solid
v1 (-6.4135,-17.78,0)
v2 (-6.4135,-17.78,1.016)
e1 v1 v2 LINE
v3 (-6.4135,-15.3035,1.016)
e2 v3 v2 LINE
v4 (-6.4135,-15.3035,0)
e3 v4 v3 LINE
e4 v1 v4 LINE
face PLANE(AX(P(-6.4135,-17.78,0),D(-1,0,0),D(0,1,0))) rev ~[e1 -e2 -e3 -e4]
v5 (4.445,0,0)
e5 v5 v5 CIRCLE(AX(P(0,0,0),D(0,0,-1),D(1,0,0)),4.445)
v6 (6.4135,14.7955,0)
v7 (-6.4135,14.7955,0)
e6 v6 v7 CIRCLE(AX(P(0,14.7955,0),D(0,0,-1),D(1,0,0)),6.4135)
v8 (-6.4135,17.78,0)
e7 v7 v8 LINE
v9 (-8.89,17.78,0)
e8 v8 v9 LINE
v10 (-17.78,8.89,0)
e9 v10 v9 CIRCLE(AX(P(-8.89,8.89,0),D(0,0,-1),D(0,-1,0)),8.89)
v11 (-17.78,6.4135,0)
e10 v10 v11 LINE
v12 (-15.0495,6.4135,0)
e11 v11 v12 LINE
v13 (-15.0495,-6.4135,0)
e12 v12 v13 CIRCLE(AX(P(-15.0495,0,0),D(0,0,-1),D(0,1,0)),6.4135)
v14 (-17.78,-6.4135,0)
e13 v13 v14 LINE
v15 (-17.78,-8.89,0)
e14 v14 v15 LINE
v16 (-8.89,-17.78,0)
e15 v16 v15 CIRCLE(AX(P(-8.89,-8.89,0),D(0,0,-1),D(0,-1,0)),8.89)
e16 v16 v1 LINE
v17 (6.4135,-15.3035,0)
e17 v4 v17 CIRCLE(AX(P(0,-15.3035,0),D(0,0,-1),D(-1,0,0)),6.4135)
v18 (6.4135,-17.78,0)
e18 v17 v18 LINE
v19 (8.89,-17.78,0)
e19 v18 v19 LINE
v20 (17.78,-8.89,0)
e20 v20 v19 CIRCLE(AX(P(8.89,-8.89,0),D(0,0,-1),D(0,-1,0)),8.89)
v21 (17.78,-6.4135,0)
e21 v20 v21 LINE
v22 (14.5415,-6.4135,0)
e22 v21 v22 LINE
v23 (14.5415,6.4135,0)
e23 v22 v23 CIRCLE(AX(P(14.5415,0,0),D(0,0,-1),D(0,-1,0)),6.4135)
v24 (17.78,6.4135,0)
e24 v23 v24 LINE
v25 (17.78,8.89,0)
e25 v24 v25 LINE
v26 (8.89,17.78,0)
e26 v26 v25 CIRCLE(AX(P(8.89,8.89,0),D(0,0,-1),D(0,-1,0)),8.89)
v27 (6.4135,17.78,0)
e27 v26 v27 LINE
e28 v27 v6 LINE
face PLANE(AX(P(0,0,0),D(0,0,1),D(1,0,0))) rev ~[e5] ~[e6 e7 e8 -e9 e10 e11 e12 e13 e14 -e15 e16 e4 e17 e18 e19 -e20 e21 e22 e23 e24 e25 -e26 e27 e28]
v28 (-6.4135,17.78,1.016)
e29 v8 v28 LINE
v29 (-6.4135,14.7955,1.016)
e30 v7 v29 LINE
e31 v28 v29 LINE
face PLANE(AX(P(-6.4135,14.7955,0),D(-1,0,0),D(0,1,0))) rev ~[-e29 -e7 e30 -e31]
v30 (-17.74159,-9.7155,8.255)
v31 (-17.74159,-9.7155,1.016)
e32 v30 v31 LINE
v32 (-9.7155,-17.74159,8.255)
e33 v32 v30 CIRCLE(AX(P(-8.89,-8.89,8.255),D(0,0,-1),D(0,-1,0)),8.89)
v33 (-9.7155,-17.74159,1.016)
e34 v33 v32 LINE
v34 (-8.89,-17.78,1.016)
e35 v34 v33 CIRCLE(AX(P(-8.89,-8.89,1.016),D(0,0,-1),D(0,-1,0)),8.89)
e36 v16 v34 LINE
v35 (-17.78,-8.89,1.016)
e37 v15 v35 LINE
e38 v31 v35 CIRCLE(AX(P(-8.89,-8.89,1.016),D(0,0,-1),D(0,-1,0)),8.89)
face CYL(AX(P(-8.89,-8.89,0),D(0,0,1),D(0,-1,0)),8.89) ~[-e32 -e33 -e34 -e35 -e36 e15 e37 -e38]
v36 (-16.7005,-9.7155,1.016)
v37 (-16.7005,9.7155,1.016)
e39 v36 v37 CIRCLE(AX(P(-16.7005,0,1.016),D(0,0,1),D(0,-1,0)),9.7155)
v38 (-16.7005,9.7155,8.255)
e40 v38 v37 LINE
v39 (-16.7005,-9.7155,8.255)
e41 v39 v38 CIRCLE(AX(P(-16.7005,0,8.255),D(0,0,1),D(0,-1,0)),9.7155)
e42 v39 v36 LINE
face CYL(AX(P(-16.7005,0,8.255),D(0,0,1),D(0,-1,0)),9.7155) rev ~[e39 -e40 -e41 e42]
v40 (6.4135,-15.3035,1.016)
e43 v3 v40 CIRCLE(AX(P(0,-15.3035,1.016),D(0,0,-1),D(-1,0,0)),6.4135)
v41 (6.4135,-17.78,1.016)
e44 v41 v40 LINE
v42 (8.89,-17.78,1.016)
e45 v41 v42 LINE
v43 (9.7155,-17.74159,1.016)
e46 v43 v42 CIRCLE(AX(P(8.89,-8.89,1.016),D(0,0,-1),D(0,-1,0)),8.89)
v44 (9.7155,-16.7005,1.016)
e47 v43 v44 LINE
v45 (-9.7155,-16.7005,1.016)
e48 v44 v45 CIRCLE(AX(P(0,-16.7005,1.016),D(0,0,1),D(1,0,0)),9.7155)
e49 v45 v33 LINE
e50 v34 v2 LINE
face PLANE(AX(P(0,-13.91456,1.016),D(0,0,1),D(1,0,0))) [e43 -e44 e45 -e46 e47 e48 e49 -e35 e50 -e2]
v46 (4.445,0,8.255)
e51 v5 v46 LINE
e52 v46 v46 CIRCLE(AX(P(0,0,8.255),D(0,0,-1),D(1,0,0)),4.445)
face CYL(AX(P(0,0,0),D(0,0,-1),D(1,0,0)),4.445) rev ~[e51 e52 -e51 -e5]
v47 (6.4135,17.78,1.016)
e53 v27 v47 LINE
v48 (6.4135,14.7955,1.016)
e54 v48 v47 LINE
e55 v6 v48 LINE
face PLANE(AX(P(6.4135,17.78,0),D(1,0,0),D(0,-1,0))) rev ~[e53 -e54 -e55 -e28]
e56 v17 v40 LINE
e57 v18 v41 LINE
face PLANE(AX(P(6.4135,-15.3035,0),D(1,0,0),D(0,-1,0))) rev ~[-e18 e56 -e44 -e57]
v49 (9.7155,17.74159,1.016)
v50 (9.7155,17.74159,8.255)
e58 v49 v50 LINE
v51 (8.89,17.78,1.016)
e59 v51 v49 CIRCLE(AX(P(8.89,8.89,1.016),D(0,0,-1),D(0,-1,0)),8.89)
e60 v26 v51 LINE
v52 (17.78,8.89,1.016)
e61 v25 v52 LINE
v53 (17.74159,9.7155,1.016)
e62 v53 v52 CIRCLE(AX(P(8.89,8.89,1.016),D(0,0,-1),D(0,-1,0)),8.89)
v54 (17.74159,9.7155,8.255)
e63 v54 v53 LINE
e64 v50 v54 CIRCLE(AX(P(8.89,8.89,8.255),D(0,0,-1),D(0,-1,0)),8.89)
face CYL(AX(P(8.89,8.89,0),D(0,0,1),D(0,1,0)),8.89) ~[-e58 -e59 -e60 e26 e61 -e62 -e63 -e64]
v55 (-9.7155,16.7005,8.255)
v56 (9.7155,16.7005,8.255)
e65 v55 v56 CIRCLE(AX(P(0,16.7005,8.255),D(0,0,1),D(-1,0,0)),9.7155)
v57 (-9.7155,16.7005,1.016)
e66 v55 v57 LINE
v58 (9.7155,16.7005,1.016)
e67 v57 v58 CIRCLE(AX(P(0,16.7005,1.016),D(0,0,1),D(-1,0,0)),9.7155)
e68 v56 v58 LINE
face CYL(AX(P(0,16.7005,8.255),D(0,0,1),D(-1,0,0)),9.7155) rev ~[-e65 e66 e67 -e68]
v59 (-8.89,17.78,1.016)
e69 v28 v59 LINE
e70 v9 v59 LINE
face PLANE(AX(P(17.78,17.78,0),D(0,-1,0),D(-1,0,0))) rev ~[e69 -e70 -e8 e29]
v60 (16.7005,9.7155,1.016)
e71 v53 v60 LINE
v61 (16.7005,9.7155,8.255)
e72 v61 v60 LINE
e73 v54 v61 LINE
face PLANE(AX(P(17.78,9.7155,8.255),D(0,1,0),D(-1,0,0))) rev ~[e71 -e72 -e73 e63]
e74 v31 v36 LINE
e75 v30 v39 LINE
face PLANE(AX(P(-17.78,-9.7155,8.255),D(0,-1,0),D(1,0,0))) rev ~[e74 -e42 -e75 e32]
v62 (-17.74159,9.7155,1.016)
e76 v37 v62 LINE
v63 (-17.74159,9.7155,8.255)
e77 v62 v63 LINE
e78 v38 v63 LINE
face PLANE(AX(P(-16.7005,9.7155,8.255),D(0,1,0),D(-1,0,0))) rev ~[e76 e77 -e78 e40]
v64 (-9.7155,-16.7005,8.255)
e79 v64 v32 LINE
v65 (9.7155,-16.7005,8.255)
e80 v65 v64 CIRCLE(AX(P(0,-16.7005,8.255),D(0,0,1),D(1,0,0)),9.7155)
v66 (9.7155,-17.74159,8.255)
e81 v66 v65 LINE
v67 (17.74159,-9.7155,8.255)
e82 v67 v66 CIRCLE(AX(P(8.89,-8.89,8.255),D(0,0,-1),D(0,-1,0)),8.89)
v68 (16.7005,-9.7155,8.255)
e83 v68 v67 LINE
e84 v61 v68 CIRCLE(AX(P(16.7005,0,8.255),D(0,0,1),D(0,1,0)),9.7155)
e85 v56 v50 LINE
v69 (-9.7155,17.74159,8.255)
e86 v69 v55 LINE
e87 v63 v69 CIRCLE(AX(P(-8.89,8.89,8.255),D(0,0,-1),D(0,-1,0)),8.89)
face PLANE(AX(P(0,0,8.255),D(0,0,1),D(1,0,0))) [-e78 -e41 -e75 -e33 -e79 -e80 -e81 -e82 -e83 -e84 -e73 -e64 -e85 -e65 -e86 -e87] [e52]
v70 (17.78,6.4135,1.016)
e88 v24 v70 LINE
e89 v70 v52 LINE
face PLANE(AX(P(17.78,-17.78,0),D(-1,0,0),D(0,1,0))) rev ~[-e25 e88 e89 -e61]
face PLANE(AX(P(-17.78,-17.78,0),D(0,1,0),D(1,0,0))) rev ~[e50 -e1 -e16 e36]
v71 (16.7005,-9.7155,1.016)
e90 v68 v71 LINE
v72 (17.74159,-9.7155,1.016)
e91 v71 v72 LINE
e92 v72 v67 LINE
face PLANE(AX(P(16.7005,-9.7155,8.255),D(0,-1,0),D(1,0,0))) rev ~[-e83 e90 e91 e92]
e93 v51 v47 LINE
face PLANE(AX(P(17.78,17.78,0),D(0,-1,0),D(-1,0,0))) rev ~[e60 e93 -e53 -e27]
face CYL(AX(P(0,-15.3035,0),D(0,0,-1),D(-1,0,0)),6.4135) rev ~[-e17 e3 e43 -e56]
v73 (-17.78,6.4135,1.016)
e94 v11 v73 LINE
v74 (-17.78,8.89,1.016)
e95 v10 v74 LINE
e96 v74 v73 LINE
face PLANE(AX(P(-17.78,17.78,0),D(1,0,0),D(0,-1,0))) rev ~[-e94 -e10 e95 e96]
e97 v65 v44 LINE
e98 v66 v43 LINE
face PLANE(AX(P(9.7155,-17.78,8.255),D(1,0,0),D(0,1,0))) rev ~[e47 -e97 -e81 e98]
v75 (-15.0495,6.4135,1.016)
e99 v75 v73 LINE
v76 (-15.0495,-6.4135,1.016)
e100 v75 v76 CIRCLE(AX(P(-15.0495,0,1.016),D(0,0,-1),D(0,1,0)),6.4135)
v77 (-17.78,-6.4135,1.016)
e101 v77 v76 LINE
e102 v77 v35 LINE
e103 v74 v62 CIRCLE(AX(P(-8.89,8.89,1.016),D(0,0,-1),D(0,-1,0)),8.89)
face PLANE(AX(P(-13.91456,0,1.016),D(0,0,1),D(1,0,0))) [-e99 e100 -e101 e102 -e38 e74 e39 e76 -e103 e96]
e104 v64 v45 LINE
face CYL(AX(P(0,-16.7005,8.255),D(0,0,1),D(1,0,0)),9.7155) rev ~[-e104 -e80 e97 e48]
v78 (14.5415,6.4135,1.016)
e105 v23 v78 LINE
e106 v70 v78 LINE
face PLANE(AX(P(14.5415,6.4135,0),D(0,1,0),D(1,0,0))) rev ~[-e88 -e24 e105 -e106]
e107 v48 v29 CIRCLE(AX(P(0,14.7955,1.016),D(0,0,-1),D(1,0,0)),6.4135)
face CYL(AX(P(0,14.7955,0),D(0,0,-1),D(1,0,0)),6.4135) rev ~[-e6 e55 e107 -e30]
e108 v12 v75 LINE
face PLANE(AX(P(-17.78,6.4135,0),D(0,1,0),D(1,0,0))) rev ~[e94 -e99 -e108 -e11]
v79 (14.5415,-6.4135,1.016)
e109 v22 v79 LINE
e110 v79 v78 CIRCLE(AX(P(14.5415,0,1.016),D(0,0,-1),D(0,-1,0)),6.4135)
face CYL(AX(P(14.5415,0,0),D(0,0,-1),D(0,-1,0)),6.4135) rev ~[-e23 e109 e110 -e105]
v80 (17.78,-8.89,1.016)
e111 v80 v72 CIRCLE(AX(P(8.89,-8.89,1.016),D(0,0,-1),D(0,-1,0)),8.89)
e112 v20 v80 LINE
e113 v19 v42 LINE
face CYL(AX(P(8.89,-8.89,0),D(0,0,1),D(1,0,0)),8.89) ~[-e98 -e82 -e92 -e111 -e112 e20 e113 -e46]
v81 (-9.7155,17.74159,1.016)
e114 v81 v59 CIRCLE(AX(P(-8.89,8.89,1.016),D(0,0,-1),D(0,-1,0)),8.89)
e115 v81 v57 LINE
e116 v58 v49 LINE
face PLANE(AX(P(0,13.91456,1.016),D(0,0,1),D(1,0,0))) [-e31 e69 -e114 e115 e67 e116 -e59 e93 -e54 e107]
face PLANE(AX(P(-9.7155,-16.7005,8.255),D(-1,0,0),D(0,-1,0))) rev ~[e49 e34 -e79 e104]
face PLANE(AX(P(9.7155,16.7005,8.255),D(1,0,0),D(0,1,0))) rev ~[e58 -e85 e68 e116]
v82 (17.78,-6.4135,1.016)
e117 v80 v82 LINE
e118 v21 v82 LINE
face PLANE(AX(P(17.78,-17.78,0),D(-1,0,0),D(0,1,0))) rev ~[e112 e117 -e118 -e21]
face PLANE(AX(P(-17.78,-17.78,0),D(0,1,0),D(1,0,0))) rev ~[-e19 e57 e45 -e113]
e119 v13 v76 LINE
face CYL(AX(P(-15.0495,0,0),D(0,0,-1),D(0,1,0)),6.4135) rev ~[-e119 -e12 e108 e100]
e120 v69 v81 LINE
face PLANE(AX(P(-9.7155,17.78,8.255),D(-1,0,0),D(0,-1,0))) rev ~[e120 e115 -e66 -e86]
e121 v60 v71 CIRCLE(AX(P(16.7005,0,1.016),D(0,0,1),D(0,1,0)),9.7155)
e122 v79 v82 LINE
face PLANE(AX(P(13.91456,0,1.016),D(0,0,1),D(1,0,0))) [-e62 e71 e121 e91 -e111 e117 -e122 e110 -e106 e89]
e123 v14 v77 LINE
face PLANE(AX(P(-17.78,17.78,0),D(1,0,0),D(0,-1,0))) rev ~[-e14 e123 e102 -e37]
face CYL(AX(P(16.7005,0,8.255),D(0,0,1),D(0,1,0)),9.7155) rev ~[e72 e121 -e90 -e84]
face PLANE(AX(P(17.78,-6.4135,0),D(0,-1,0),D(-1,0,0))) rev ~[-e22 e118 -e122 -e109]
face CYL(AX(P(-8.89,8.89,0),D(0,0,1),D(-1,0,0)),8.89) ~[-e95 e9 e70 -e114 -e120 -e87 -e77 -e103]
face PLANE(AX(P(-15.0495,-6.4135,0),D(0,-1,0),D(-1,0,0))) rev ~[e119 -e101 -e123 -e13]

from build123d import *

# Parameters (mm, degrees)
F1_DEPTH = 8.255
F3_DEPTH = 7.239
F5_DEPTH = 25.4
F6_R     = 8.89
F7_R     = 4.445
F8_DEPTH = 25.4


with BuildPart() as f1:
    # F0 (on Top) → F1 (new body)
    with BuildSketch(Plane.XY):
        Polygon((8.144473, -17.78), (17.78, -17.78), (17.78, 17.78), (-17.78, 17.78), (-17.78, -17.78), (-8.144473, -17.78), align=None)
    extrude(amount=F1_DEPTH)

    # F2 (on face) → F3 (cut)
    with BuildSketch(Plane.XY.offset(8.255)):
        with BuildLine():
            Line((-9.7155, 17.78), (-9.7155, 16.7005))
            ThreePointArc((-9.7155, 16.7005), (0, 6.985), (9.7155, 16.7005))
            Line((9.7155, 16.7005), (9.7155, 17.78))
            Line((9.7155, 17.78), (-9.7155, 17.78))
        make_face()
        with BuildLine():
            Line((17.78, 9.7155), (16.7005, 9.7155))
            ThreePointArc((16.7005, 9.7155), (6.985, 0), (16.7005, -9.7155))
            Line((16.7005, -9.7155), (17.78, -9.7155))
            Line((17.78, -9.7155), (17.78, 9.7155))
        make_face()
        with BuildLine():
            Line((-17.78, -9.7155), (-16.7005, -9.7155))
            ThreePointArc((-16.7005, -9.7155), (-6.985, 0), (-16.7005, 9.7155))
            Line((-16.7005, 9.7155), (-17.78, 9.7155))
            Line((-17.78, 9.7155), (-17.78, -9.7155))
        make_face()
        with BuildLine():
            Line((9.7155, -17.78), (9.7155, -16.7005))
            ThreePointArc((9.7155, -16.7005), (0, -6.985), (-9.7155, -16.7005))
            Line((-9.7155, -16.7005), (-9.7155, -17.78))
            Line((-9.7155, -17.78), (9.7155, -17.78))
        make_face()
    extrude(amount=-F3_DEPTH, mode=Mode.SUBTRACT)

    # F4 (on face) → F5 (cut)
    with BuildSketch(Plane(origin=(0, 0, 0), x_dir=(1, 0, 0), z_dir=(0, 0, -1))):
        with BuildLine():
            Line((-6.4135, 17.78), (-6.4135, 15.3035))
            ThreePointArc((-6.4135, 15.3035), (0, 8.89), (6.4135, 15.3035))
            Line((6.4135, 15.3035), (6.4135, 17.78))
            Line((6.4135, 17.78), (-6.4135, 17.78))
        make_face()
        with BuildLine():
            Line((17.78, 6.4135), (14.5415, 6.4135))
            ThreePointArc((14.5415, 6.4135), (8.128, 0), (14.5415, -6.4135))
            Line((14.5415, -6.4135), (17.78, -6.4135))
            Line((17.78, -6.4135), (17.78, 6.4135))
        make_face()
        with BuildLine():
            Line((-17.78, -6.4135), (-15.0495, -6.4135))
            ThreePointArc((-15.0495, -6.4135), (-8.636, 0), (-15.0495, 6.4135))
            Line((-15.0495, 6.4135), (-17.78, 6.4135))
            Line((-17.78, 6.4135), (-17.78, -6.4135))
        make_face()
        with BuildLine():
            Line((6.4135, -17.78), (6.4135, -14.7955))
            ThreePointArc((6.4135, -14.7955), (0, -8.382), (-6.4135, -14.7955))
            Line((-6.4135, -14.7955), (-6.4135, -17.78))
            Line((-6.4135, -17.78), (6.4135, -17.78))
        make_face()
    extrude(amount=-F5_DEPTH, mode=Mode.SUBTRACT)

    # F6
    f6_edges = [f1.edges().sort_by_distance(p)[0] for p in [
        (-17.78, 17.78, 4.1275),
        (-17.78, -17.78, 4.1275),
        (17.78, -17.78, 4.1275),
        (17.78, 17.78, 4.1275),
    ]]
    fillet(f6_edges, radius=F6_R)

    # F7 (on face) → F8 (cut)
    with BuildSketch(Plane(origin=(0, 0, 0), x_dir=(1, 0, 0), z_dir=(0, 0, -1))):
        Circle(F7_R)
    extrude(amount=-F8_DEPTH, mode=Mode.SUBTRACT)


solid = f1.part
